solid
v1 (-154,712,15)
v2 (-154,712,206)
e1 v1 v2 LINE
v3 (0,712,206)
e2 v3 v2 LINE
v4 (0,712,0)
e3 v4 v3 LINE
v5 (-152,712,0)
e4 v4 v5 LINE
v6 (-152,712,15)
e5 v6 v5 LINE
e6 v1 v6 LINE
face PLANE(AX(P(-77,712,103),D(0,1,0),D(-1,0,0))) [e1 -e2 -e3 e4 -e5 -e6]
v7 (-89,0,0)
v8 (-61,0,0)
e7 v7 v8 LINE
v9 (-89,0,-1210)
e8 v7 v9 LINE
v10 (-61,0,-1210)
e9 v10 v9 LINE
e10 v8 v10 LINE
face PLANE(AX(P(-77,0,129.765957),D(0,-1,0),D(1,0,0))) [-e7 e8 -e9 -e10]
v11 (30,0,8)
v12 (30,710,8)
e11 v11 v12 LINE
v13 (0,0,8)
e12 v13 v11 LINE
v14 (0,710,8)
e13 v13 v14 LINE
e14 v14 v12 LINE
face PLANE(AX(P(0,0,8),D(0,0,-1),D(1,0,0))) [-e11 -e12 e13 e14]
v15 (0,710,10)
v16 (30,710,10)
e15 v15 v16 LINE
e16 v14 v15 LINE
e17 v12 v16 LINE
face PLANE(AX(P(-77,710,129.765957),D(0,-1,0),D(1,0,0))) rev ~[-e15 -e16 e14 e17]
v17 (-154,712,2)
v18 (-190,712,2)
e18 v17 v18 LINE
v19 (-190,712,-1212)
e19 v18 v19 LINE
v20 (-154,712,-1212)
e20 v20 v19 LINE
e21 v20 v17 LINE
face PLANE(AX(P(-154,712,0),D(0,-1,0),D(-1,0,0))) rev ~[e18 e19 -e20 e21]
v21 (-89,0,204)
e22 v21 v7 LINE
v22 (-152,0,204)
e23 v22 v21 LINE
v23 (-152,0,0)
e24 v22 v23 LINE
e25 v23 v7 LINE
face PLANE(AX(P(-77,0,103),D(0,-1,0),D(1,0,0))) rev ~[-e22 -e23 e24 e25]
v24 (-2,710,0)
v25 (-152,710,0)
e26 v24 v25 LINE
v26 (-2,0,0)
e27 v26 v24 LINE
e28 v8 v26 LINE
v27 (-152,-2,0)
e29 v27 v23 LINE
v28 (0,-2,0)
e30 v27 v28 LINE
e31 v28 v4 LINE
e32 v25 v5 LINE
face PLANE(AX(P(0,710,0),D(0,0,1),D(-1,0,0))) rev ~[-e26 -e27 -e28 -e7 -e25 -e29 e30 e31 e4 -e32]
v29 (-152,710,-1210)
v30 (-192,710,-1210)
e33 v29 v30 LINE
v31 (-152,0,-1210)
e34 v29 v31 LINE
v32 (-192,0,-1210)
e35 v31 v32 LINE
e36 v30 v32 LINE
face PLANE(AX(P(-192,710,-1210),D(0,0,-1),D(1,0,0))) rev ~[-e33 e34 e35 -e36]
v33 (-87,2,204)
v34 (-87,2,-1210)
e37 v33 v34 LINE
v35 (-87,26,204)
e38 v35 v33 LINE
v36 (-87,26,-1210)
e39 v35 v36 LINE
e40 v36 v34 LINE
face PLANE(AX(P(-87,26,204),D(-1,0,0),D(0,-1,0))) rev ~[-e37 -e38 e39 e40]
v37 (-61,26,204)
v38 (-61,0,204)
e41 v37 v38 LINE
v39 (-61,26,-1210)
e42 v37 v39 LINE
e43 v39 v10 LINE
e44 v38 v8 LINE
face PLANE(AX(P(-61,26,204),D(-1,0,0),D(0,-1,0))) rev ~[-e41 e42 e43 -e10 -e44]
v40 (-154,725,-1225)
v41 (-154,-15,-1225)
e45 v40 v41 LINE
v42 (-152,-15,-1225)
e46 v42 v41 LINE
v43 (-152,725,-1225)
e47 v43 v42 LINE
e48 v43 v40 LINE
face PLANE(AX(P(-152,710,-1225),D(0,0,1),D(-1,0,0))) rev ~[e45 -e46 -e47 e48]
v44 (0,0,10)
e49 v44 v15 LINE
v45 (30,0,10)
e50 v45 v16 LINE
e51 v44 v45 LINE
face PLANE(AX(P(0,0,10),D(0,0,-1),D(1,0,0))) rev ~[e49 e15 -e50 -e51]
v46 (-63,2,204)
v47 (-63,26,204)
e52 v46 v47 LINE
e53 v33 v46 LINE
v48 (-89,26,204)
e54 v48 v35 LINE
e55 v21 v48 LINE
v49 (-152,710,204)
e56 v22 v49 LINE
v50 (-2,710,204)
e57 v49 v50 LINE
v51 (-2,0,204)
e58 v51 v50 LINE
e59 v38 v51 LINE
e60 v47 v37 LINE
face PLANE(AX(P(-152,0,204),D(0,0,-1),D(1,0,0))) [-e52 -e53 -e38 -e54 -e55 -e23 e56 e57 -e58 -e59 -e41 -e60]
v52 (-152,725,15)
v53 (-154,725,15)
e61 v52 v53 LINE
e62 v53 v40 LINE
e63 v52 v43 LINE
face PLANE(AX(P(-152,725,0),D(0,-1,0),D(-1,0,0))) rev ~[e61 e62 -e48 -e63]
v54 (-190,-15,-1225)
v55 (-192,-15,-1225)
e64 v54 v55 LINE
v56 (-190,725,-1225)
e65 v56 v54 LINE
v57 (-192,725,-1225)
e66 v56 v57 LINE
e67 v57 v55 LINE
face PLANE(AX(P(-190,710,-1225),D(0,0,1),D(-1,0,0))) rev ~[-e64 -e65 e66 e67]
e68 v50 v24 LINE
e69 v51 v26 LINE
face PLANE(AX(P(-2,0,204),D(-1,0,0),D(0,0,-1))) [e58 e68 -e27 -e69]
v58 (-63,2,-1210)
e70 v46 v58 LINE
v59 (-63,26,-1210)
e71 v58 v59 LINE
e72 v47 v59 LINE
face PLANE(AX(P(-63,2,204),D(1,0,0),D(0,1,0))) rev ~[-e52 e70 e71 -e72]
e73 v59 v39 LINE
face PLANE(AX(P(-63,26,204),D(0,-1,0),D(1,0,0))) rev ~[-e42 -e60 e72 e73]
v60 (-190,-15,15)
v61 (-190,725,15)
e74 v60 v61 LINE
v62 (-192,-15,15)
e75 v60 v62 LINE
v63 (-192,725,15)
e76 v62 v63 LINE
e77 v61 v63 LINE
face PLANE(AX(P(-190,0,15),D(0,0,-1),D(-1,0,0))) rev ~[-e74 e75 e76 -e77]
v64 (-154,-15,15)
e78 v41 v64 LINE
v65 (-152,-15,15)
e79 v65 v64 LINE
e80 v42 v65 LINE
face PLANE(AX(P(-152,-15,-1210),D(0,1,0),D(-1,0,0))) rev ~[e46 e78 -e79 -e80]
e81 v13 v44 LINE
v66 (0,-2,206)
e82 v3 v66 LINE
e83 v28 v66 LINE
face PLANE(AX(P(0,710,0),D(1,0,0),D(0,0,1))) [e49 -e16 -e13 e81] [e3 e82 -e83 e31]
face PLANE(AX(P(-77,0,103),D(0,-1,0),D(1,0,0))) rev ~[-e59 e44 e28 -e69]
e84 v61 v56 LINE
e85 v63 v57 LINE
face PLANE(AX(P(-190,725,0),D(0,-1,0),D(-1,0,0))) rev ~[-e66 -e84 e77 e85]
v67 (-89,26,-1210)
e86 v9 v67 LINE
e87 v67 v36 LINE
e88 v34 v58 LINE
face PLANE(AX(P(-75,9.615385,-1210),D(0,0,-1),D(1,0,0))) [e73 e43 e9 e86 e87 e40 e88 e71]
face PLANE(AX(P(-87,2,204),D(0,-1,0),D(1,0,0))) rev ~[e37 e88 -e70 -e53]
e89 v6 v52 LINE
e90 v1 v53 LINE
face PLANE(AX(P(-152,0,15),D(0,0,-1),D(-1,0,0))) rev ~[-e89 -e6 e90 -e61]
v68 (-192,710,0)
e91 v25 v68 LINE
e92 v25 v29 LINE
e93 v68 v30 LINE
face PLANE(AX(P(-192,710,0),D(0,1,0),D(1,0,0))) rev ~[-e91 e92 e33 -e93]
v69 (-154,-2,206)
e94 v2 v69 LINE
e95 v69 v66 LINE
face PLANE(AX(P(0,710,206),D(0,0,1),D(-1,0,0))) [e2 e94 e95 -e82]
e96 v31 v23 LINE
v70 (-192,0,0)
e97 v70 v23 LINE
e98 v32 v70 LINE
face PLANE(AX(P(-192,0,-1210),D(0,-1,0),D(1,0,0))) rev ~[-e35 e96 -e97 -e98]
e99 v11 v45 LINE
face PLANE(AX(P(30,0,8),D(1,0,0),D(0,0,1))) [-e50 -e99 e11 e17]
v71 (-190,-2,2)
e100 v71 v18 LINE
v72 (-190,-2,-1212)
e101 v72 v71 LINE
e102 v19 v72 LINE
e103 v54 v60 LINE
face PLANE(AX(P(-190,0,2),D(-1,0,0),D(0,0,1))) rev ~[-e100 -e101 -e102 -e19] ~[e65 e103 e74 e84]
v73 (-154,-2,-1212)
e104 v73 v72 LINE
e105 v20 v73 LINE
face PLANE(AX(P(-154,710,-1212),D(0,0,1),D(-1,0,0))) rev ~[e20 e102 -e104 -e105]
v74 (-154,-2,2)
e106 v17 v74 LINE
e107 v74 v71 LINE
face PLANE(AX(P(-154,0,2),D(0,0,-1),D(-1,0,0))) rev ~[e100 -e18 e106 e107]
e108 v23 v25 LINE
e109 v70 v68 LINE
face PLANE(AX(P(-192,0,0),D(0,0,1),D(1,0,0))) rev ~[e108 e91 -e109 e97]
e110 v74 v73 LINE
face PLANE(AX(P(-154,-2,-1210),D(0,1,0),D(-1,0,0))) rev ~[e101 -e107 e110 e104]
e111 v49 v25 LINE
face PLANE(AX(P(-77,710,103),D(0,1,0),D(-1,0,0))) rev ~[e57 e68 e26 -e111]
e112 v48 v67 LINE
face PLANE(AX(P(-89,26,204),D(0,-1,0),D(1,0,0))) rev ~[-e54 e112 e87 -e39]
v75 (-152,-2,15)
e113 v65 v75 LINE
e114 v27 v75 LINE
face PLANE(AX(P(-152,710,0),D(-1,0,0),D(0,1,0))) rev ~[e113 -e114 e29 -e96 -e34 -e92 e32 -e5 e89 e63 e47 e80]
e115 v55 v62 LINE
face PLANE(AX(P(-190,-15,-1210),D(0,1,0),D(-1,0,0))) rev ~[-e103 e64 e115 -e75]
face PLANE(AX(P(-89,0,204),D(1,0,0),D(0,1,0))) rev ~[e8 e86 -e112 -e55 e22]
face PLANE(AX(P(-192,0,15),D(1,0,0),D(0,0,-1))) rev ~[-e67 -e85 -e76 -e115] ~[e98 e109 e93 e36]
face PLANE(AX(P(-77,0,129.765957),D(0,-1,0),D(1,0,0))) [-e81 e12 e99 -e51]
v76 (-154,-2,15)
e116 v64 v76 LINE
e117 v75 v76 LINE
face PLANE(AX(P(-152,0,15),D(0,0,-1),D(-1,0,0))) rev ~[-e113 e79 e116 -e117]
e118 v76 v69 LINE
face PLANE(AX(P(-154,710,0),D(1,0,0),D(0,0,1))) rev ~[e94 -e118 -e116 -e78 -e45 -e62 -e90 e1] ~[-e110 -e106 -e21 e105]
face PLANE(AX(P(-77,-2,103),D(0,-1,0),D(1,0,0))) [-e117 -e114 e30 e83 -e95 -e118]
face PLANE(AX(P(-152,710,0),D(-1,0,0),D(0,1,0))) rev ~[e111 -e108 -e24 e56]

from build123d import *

# Parameters (mm, degrees)
F0_W      = 30
F0_H      = 2
F1_DEPTH  = 710
F8_DEPTH  = 1414
F9_W      = 154
F9_H      = 206
F10_DEPTH = 2
F11_W     = 154
F11_H     = 206
F12_DEPTH = 2


with BuildPart() as f1:
    # F0 (on Front) → F1 (new body)
    with BuildSketch(Plane.XZ):
        Polygon((-2, 0), (0, 0), (0, 8), (0, 10), (0, 206), (-154, 206), (-154, 0), (-152, 0), (-152, 204), (-2, 204), align=None)
        with Locations((15, 9)):
            Rectangle(F0_W, F0_H)
    extrude(amount=-F1_DEPTH)

    # F6: sweep along a path in F3
    with BuildLine(Plane.YZ.offset(-152)) as f6_path:
        Line((0, 0), (710, 0))
        Line((710, 0), (710, -1210))
        Line((710, -1210), (0, -1210))
        Line((0, -1210), (0, 0))
    # F5 (on offset) → F6 (sweep)
    with BuildSketch(Plane.XZ):
        Polygon((-192, 0), (-152, 0), (-152, 15), (-154, 15), (-154, 2), (-190, 2), (-190, 15), (-192, 15), align=None)
    sweep(path=f6_path.line, transition=Transition.RIGHT)

    # F7 (on face) → F8 (join, through all)
    with BuildSketch(Plane(origin=(0, 0, 204), x_dir=(1, 0, 0), z_dir=(0, 0, -1))):
        Polygon((-75, 0), (-77, 0), (-89, 0), (-89, -26), (-87, -26), (-87, -2), (-75, -2), (-63, -2), (-63, -26), (-61, -26), (-61, 0), align=None)
    extrude(amount=F8_DEPTH)

    # F9 (on face) → F10 (join)
    with BuildSketch(Plane.XZ):
        with Locations((-77, 103)):
            Rectangle(F9_W, F9_H)
    extrude(amount=F10_DEPTH)

    # F11 (on face) → F12 (join)
    with BuildSketch(Plane(origin=(0, 710, 0), x_dir=(-1, 0, 0), z_dir=(0, 1, 0))):
        with Locations((77, 103)):
            Rectangle(F11_W, F11_H)
    extrude(amount=F12_DEPTH)


solid = f1.part
